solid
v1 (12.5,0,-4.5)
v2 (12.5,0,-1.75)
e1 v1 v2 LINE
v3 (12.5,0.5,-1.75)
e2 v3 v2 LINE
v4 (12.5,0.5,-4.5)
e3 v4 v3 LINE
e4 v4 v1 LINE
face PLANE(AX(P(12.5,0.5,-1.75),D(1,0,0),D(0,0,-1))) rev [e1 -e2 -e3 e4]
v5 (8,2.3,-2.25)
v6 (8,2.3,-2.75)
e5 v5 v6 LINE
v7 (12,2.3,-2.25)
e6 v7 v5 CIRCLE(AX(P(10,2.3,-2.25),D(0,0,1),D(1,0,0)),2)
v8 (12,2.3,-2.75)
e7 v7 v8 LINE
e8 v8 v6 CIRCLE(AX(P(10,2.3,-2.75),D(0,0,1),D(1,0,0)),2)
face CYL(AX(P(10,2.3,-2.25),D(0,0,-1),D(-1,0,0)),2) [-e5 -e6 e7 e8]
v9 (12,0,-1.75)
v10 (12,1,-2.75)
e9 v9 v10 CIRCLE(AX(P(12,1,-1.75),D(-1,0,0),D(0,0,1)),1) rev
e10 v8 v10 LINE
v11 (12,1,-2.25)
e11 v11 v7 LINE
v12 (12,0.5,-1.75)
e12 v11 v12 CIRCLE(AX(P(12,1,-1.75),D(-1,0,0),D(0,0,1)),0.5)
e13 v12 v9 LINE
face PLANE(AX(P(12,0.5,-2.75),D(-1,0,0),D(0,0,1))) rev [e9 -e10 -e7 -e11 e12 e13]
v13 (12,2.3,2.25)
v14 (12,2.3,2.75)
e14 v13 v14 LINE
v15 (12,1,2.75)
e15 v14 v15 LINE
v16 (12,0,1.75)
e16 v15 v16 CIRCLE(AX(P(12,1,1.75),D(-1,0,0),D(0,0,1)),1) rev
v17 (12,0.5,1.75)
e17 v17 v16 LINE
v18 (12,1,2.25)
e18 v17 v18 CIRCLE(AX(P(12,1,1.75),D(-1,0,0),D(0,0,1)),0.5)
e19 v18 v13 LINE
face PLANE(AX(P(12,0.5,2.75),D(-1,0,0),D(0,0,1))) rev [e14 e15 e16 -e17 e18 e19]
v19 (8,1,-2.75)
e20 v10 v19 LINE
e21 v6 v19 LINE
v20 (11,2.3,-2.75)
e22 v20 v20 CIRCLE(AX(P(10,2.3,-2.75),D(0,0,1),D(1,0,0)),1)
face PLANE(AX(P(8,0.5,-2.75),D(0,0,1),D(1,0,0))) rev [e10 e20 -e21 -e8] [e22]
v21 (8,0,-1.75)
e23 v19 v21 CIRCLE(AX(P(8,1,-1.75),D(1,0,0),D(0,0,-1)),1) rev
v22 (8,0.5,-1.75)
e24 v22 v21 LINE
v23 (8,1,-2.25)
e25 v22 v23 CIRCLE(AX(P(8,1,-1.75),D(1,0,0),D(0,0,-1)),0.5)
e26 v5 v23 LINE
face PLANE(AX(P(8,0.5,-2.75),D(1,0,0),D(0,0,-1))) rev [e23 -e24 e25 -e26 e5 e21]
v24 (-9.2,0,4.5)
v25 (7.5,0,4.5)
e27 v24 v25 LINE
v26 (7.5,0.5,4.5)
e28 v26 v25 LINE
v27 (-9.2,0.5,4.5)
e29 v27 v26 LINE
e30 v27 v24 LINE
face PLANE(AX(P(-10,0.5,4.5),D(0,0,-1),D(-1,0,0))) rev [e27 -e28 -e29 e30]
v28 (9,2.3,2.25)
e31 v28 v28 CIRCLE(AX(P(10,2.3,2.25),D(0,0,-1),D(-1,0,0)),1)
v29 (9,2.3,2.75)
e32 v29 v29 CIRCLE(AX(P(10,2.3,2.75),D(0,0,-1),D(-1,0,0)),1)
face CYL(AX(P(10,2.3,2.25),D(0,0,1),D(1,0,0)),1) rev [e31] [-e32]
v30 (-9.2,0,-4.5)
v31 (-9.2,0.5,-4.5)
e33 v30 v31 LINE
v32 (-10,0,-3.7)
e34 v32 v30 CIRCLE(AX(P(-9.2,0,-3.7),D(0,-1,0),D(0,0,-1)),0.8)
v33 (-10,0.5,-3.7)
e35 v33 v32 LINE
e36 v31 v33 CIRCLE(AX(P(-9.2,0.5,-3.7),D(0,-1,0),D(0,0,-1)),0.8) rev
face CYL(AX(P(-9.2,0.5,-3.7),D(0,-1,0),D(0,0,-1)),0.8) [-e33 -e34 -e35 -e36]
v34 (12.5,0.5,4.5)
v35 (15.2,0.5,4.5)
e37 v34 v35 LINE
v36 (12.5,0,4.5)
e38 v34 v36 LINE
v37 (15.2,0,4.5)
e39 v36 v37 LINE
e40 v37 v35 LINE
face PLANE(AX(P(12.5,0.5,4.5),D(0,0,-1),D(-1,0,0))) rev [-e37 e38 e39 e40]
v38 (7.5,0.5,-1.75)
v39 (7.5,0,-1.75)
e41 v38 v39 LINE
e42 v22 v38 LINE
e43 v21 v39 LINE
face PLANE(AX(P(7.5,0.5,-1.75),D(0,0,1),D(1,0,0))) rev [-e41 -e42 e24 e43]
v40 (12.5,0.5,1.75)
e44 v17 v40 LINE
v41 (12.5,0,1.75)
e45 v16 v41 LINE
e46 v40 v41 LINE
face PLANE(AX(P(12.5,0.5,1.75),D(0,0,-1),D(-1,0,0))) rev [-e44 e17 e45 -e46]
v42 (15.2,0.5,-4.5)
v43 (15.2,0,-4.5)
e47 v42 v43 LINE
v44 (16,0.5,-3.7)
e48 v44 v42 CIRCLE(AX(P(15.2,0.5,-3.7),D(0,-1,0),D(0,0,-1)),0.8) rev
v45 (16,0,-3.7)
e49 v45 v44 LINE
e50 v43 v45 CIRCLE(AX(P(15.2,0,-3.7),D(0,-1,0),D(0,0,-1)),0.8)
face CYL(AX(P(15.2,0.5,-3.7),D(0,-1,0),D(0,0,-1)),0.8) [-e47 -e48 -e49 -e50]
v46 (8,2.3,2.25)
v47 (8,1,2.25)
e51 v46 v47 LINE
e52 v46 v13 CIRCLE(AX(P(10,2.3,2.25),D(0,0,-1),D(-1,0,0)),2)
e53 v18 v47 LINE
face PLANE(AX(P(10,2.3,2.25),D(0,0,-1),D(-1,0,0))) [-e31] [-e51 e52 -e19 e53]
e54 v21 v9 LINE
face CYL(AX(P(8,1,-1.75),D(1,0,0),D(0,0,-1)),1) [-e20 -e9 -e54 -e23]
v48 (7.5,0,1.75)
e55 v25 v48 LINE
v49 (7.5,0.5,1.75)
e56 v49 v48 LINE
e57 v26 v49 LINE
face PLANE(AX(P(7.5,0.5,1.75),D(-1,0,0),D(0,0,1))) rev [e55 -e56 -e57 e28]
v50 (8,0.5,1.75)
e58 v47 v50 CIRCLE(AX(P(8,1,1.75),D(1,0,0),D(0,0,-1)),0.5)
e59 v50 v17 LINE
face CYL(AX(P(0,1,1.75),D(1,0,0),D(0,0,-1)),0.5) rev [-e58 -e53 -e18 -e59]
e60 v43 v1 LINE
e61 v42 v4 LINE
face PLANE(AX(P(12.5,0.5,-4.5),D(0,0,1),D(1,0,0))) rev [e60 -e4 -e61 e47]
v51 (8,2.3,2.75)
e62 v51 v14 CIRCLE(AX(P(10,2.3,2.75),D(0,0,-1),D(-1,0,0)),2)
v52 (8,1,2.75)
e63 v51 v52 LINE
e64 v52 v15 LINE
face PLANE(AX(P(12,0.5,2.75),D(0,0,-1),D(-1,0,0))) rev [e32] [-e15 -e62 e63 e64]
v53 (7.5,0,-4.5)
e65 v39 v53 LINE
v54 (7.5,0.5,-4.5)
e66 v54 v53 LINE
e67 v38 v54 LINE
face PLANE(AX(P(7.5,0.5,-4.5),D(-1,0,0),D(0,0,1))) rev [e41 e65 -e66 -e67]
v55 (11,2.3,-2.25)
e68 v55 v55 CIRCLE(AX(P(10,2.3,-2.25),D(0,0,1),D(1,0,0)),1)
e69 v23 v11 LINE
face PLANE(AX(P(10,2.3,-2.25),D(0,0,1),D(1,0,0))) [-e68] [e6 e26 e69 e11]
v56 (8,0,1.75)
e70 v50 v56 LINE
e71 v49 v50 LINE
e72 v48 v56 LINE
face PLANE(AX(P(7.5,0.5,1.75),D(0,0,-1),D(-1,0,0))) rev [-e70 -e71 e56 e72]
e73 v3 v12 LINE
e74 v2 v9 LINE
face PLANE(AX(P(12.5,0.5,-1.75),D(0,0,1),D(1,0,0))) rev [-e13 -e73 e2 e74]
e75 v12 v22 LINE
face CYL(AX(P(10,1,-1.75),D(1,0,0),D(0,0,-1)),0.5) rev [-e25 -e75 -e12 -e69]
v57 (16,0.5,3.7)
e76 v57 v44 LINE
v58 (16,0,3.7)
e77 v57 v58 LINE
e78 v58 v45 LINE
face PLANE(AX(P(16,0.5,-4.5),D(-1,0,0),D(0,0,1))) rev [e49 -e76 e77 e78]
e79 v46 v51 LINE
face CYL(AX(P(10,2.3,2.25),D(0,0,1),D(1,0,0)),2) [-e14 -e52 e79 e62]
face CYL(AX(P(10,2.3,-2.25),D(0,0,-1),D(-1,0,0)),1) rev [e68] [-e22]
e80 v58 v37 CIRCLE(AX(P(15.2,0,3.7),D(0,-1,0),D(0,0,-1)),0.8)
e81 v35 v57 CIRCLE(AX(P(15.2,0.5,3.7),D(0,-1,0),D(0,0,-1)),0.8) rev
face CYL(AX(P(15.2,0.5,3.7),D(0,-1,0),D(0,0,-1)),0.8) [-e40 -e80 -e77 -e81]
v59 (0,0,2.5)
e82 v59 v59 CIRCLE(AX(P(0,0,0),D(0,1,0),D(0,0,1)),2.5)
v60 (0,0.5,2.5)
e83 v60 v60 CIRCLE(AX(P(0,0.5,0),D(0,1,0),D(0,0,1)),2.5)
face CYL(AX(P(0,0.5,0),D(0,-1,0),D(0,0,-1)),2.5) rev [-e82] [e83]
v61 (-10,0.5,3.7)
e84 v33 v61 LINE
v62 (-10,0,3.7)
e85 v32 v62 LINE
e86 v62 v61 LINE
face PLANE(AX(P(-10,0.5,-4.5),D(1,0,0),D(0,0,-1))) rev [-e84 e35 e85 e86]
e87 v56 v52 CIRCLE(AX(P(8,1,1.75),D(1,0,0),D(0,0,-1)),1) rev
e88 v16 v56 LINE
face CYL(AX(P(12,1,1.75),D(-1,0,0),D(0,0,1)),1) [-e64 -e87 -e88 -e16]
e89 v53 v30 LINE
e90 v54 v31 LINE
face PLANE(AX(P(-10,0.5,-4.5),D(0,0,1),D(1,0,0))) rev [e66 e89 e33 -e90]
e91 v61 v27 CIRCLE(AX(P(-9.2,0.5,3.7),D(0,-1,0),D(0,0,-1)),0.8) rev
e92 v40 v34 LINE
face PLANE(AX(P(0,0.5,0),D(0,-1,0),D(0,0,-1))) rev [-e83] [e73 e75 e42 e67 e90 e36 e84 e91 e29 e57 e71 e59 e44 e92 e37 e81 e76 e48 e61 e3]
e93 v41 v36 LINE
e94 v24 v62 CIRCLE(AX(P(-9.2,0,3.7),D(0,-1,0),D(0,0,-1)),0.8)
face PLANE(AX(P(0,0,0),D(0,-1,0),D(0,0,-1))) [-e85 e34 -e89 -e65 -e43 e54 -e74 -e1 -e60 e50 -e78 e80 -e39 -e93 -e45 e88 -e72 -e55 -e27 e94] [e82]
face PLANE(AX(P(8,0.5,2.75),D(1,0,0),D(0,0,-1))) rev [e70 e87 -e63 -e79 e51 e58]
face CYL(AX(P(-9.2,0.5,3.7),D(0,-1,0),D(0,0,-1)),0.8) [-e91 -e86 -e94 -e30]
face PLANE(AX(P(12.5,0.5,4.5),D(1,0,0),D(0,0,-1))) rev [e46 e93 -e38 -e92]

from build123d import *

# Parameters (mm, degrees)
SKETCH_1_R      = 2.5
EXTRUDE_1_DEPTH = 0.5
EXTRUDE_START   = 2.75
SKETCH_2_R      = 1
EXTRUDE_2_DEPTH = 0.5
EXTRUDE_START_2 = -2.25
SKETCH_2_2_R    = 1
EXTRUDE_3_DEPTH = 0.5
FILLET_1_R      = 0.8
FILLET_2_R      = 0.5
FILLET_4_R      = 1


with BuildPart() as part:
    # Эскиз1 → Бобышка-Вытянуть1 (new body)
    with BuildSketch(Plane(origin=(0, 0, 0), x_dir=(1, 0, 0), z_dir=(0, 1, 0))):
        Polygon((-10, 4.5), (7.5, 4.5), (7.5, 1.75), (8, 1.75), (8, 2.75), (12, 2.75), (12, 1.75), (12.5, 1.75), (12.5, 4.5), (16, 4.5), (16, -4.5), (12.5, -4.5), (12.5, -1.75), (12, -1.75), (12, -2.75), (8, -2.75), (8, -1.75), (7.5, -1.75), (7.5, -4.5), (-10, -4.5), align=None)
        with Locations(Location((0, 0, 0), (0, 0, 270))):
            Circle(SKETCH_1_R, mode=Mode.SUBTRACT)
    extrude(amount=EXTRUDE_1_DEPTH)

    # Эскиз2 → Бобышка-Вытянуть2 (add)
    with BuildSketch(Plane.XY.offset(EXTRUDE_START)):
        with BuildLine():
            Line((8, 0.5), (8, 2.3))
            ThreePointArc((8, 2.3), (10, 4.3), (12, 2.3))
            Line((12, 2.3), (12, 0.5))
            Line((12, 0.5), (8, 0.5))
        make_face()
        with Locations(Location((10, 2.3, 0), (0, 0, 180))):
            Circle(SKETCH_2_R, mode=Mode.SUBTRACT)
    extrude(amount=-EXTRUDE_2_DEPTH)

    # Эскиз2<2> → Бобышка-Вытянуть3 (add)
    with BuildSketch(Plane.XY.offset(EXTRUDE_START_2)):
        with BuildLine():
            Line((8, 0.5), (8, 2.3))
            ThreePointArc((8, 2.3), (10, 4.3), (12, 2.3))
            Line((12, 2.3), (12, 0.5))
            Line((12, 0.5), (8, 0.5))
        make_face()
        with Locations(Location((10, 2.3, 0), (0, 0, 180))):
            Circle(SKETCH_2_2_R, mode=Mode.SUBTRACT)
    extrude(amount=-EXTRUDE_3_DEPTH)

    # Скругление1
    fillet_1_edges = [part.edges().sort_by_distance(p)[0] for p in [
        (-10, 0.25, 4.5),
        (-10, 0.25, -4.5),
        (16, 0.25, -4.5),
        (16, 0.25, 4.5),
    ]]
    fillet(fillet_1_edges, radius=FILLET_1_R)

    # Скругление2
    fillet_2_edges = [part.edges().sort_by_distance(p)[0] for p in [
        (10, 0.5, 2.25),
        (10, 0.5, -2.25),
    ]]
    fillet(fillet_2_edges, radius=FILLET_2_R)

    # Скругление4
    fillet_4_edges = [part.edges().sort_by_distance(p)[0] for p in [
        (10, 0, 2.75),
        (10, 0, -2.75),
    ]]
    fillet(fillet_4_edges, radius=FILLET_4_R)


solid = part.part
